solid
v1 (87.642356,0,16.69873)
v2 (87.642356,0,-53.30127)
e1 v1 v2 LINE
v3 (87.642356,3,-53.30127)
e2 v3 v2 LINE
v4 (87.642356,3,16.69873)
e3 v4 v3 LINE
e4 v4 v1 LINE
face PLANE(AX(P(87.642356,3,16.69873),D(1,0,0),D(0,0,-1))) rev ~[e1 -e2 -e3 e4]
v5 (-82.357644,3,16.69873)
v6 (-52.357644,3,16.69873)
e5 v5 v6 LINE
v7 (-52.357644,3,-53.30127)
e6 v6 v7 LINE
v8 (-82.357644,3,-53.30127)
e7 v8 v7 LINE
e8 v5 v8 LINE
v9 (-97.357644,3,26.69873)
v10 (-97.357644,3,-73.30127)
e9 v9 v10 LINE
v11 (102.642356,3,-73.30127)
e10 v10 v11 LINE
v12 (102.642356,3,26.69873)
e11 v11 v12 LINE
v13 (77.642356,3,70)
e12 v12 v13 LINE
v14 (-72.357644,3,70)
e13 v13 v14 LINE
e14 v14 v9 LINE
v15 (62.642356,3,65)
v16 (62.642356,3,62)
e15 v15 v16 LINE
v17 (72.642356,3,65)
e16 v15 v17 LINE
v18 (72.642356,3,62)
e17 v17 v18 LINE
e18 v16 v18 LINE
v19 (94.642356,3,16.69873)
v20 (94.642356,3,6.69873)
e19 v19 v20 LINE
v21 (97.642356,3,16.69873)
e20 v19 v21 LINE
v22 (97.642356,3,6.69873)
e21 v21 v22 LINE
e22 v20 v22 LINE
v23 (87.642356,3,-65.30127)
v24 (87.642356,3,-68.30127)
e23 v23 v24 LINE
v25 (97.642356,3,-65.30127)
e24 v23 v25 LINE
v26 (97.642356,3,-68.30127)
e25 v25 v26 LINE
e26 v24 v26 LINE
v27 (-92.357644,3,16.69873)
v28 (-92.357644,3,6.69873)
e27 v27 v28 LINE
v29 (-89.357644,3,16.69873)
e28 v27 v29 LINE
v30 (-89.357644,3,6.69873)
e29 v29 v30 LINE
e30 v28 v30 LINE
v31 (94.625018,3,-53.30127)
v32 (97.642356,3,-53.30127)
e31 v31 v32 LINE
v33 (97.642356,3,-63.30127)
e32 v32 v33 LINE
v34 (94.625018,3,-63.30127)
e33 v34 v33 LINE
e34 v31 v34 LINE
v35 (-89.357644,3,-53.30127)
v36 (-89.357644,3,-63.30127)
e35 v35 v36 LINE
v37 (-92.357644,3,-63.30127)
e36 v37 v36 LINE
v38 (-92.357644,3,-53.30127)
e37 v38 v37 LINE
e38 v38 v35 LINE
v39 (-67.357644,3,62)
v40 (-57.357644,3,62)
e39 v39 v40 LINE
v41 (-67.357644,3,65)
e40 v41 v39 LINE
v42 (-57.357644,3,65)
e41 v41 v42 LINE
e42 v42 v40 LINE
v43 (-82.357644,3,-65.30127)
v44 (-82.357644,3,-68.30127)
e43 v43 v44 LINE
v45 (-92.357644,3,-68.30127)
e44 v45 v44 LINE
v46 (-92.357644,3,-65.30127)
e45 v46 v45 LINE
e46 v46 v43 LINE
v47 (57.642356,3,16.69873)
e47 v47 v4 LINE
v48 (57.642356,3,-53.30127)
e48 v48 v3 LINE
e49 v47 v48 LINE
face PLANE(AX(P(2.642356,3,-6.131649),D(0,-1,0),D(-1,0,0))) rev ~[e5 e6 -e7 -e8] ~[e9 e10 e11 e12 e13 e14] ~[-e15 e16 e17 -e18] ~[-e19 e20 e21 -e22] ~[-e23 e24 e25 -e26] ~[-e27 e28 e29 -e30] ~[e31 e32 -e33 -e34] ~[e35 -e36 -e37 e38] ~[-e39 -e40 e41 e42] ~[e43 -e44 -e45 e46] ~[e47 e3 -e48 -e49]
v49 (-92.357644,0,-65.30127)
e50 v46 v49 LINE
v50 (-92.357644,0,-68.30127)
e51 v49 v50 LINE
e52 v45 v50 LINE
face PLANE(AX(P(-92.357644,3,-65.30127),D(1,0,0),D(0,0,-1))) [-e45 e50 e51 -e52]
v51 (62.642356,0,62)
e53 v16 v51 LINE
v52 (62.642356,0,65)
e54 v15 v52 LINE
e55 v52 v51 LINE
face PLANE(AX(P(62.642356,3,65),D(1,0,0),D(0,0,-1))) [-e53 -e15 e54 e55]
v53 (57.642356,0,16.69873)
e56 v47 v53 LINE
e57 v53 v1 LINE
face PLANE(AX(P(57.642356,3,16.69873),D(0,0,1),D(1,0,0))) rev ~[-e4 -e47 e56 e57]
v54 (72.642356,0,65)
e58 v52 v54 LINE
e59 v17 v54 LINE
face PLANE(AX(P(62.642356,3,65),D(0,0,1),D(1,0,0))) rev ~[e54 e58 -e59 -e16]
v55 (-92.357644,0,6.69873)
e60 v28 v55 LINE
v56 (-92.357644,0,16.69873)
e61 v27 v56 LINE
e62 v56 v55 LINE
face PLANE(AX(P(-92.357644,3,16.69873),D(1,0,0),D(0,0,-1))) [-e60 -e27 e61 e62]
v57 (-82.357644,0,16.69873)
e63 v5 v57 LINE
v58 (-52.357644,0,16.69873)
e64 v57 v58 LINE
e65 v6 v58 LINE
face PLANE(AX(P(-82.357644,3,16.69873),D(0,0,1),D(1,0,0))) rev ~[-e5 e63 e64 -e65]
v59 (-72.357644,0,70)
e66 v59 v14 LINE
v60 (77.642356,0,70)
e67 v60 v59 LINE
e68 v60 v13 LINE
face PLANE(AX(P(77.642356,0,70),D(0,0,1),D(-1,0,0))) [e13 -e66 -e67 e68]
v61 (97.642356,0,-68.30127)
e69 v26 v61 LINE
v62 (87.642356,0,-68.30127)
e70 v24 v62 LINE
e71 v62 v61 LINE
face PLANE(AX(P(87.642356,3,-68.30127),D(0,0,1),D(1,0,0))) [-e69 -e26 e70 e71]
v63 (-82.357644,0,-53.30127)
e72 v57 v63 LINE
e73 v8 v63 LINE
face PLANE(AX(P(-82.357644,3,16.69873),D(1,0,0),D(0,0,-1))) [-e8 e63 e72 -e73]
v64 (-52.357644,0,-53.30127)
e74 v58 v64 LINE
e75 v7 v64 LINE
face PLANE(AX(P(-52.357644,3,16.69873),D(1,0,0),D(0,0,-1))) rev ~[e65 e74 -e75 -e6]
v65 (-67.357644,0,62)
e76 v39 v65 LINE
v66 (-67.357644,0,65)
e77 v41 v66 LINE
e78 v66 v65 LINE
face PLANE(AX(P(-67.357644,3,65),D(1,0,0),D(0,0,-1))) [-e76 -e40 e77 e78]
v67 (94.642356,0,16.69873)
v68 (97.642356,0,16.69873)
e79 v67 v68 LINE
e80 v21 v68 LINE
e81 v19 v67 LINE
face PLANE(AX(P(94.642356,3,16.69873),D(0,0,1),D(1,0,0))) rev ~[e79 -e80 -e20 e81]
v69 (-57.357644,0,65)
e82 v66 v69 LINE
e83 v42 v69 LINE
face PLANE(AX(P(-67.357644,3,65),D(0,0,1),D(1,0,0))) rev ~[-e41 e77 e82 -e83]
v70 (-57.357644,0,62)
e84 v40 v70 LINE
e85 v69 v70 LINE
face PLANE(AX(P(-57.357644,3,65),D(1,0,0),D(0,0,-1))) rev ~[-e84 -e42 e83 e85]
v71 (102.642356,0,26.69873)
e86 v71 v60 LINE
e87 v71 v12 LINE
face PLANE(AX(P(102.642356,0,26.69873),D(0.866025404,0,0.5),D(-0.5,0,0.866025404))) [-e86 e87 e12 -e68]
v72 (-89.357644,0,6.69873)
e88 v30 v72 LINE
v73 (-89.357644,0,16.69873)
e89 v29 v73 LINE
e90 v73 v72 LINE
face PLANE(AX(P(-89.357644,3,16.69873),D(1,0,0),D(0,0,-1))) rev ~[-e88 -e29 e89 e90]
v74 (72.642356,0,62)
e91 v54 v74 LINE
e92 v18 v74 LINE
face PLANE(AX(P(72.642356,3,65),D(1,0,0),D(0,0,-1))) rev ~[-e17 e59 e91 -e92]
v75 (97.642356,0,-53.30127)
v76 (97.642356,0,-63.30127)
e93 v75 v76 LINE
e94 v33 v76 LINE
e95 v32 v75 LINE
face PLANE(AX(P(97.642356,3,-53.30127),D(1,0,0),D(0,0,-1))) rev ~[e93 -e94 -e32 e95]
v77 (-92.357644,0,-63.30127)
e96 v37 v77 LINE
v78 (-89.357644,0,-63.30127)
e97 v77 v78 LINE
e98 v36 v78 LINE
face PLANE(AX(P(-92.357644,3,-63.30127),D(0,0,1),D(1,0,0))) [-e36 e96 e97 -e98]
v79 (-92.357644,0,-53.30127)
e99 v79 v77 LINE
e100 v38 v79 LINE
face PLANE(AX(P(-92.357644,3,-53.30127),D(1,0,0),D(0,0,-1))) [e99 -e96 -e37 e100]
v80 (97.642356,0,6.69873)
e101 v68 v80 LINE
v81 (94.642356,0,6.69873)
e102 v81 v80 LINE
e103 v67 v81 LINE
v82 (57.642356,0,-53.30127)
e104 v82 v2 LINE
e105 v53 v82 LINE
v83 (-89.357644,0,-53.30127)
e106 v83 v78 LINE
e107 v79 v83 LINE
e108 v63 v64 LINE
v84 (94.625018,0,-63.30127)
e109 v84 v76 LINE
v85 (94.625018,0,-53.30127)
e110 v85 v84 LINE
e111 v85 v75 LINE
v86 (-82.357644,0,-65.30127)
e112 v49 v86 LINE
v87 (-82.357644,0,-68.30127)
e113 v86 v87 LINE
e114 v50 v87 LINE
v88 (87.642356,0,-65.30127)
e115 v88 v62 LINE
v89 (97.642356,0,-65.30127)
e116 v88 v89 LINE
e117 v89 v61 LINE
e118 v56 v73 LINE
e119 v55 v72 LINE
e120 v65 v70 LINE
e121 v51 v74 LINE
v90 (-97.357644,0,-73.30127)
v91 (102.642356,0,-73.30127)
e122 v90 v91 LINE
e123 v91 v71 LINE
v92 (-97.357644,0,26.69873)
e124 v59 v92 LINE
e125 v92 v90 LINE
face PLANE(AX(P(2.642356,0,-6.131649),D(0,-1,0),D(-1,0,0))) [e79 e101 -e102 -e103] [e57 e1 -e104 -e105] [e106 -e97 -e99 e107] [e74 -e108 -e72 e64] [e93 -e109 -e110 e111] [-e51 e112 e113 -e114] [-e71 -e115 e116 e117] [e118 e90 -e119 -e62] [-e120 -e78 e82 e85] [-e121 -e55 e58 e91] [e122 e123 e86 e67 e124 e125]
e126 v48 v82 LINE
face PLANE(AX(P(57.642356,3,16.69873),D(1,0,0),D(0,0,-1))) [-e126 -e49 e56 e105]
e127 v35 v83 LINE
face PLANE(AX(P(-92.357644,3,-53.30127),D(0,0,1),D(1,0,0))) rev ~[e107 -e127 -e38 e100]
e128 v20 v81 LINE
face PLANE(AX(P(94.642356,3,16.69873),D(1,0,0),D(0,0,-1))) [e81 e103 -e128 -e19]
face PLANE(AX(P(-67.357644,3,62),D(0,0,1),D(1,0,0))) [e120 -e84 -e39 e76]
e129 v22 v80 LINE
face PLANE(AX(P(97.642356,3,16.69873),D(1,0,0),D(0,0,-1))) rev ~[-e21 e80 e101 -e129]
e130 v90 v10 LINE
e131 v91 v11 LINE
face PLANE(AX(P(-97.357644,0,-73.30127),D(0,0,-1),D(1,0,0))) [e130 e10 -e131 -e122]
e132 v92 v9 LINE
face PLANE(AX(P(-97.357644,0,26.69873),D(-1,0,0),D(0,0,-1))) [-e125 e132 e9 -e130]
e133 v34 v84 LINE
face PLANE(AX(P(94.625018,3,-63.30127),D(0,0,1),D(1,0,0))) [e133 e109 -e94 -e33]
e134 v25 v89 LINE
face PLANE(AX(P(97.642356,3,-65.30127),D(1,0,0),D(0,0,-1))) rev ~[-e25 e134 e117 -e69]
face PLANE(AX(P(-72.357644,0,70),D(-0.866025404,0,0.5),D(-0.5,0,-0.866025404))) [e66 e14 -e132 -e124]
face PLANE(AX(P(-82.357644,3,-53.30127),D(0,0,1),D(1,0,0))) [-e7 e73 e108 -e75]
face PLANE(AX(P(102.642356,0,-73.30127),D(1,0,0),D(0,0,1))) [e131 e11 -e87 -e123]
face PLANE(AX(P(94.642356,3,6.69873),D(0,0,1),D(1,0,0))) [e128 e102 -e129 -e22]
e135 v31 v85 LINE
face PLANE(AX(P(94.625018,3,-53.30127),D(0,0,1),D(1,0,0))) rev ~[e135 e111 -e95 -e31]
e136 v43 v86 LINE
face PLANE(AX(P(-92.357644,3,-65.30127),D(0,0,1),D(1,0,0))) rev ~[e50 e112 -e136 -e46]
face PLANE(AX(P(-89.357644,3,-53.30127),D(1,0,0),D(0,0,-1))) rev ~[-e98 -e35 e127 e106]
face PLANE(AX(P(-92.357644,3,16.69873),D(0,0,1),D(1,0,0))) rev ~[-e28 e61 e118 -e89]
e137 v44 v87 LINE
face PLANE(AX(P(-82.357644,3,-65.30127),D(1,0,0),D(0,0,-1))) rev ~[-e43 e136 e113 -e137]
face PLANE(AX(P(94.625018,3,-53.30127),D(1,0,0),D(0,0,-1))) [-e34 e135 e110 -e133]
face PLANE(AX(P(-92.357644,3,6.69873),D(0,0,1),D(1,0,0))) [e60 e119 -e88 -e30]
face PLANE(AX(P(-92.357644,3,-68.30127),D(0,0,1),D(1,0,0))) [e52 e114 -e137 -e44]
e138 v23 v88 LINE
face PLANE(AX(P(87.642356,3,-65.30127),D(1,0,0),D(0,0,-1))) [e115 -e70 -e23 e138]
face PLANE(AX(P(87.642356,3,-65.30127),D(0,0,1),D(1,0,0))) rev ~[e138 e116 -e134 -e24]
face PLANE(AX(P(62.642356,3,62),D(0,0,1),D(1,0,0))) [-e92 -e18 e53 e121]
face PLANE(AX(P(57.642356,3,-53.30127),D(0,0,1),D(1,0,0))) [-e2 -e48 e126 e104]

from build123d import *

# Parameters (mm, degrees)
RESSALTO_EXTRUS_O1_DEPTH = 3
ESBO_O3_W                = 10
ESBO_O3_H                = 3
ESBO_O3_W_2              = 3
ESBO_O3_H_2              = 10
ESBO_O3_W_3              = 3.017337907
CORTE_EXTRUS_O1_DEPTH    = 3
ESBO_O4_W                = 30
ESBO_O4_H                = 70
CORTE_EXTRUS_O2_DEPTH    = 3


with BuildPart() as part:
    # Esboço1 → Ressalto-extrusão1 (new body)
    with BuildSketch(Plane(origin=(0, 0, 0), x_dir=(1, 0, 0), z_dir=(0, 1, 0))):
        Polygon((-97.357643635, -26.698729811), (-97.357643635, 73.301270189), (102.642356365, 73.301270189), (102.642356365, -26.698729811), (77.642356365, -70), (-72.357643635, -70), align=None)
    extrude(amount=RESSALTO_EXTRUS_O1_DEPTH)

    # Esboço3 → Corte-extrusão1 (cut)
    with BuildSketch(Plane(origin=(0, 3, 0), x_dir=(1, 0, 0), z_dir=(0, 1, 0))):
        with Locations((-62.357643635, -63.5)):
            Rectangle(ESBO_O3_W, ESBO_O3_H)
        with Locations((67.642356365, -63.5)):
            Rectangle(ESBO_O3_W, ESBO_O3_H)
        with Locations((96.142356365, -11.698729811)):
            Rectangle(ESBO_O3_W_2, ESBO_O3_H_2)
        with Locations((96.133687412, 58.301270189)):
            Rectangle(ESBO_O3_W_3, ESBO_O3_H_2)
        with Locations((92.642356365, 66.801270189)):
            Rectangle(ESBO_O3_W, ESBO_O3_H)
        with Locations((-90.857643635, -11.698729811)):
            Rectangle(ESBO_O3_W_2, ESBO_O3_H_2)
        with Locations((-90.857643635, 58.301270189)):
            Rectangle(ESBO_O3_W_2, ESBO_O3_H_2)
        with Locations((-87.357643635, 66.801270189)):
            Rectangle(ESBO_O3_W, ESBO_O3_H)
    extrude(amount=-CORTE_EXTRUS_O1_DEPTH, mode=Mode.SUBTRACT)

    # Esboço4 → Corte-extrusão2 (cut)
    with BuildSketch(Plane(origin=(0, 3, 0), x_dir=(1, 0, 0), z_dir=(0, 1, 0))):
        with Locations((-67.357643635, 18.301270189)):
            Rectangle(ESBO_O4_W, ESBO_O4_H)
        with Locations((72.642356365, 18.301270189)):
            Rectangle(ESBO_O4_W, ESBO_O4_H)
    extrude(amount=-CORTE_EXTRUS_O2_DEPTH, mode=Mode.SUBTRACT)


solid = part.part
